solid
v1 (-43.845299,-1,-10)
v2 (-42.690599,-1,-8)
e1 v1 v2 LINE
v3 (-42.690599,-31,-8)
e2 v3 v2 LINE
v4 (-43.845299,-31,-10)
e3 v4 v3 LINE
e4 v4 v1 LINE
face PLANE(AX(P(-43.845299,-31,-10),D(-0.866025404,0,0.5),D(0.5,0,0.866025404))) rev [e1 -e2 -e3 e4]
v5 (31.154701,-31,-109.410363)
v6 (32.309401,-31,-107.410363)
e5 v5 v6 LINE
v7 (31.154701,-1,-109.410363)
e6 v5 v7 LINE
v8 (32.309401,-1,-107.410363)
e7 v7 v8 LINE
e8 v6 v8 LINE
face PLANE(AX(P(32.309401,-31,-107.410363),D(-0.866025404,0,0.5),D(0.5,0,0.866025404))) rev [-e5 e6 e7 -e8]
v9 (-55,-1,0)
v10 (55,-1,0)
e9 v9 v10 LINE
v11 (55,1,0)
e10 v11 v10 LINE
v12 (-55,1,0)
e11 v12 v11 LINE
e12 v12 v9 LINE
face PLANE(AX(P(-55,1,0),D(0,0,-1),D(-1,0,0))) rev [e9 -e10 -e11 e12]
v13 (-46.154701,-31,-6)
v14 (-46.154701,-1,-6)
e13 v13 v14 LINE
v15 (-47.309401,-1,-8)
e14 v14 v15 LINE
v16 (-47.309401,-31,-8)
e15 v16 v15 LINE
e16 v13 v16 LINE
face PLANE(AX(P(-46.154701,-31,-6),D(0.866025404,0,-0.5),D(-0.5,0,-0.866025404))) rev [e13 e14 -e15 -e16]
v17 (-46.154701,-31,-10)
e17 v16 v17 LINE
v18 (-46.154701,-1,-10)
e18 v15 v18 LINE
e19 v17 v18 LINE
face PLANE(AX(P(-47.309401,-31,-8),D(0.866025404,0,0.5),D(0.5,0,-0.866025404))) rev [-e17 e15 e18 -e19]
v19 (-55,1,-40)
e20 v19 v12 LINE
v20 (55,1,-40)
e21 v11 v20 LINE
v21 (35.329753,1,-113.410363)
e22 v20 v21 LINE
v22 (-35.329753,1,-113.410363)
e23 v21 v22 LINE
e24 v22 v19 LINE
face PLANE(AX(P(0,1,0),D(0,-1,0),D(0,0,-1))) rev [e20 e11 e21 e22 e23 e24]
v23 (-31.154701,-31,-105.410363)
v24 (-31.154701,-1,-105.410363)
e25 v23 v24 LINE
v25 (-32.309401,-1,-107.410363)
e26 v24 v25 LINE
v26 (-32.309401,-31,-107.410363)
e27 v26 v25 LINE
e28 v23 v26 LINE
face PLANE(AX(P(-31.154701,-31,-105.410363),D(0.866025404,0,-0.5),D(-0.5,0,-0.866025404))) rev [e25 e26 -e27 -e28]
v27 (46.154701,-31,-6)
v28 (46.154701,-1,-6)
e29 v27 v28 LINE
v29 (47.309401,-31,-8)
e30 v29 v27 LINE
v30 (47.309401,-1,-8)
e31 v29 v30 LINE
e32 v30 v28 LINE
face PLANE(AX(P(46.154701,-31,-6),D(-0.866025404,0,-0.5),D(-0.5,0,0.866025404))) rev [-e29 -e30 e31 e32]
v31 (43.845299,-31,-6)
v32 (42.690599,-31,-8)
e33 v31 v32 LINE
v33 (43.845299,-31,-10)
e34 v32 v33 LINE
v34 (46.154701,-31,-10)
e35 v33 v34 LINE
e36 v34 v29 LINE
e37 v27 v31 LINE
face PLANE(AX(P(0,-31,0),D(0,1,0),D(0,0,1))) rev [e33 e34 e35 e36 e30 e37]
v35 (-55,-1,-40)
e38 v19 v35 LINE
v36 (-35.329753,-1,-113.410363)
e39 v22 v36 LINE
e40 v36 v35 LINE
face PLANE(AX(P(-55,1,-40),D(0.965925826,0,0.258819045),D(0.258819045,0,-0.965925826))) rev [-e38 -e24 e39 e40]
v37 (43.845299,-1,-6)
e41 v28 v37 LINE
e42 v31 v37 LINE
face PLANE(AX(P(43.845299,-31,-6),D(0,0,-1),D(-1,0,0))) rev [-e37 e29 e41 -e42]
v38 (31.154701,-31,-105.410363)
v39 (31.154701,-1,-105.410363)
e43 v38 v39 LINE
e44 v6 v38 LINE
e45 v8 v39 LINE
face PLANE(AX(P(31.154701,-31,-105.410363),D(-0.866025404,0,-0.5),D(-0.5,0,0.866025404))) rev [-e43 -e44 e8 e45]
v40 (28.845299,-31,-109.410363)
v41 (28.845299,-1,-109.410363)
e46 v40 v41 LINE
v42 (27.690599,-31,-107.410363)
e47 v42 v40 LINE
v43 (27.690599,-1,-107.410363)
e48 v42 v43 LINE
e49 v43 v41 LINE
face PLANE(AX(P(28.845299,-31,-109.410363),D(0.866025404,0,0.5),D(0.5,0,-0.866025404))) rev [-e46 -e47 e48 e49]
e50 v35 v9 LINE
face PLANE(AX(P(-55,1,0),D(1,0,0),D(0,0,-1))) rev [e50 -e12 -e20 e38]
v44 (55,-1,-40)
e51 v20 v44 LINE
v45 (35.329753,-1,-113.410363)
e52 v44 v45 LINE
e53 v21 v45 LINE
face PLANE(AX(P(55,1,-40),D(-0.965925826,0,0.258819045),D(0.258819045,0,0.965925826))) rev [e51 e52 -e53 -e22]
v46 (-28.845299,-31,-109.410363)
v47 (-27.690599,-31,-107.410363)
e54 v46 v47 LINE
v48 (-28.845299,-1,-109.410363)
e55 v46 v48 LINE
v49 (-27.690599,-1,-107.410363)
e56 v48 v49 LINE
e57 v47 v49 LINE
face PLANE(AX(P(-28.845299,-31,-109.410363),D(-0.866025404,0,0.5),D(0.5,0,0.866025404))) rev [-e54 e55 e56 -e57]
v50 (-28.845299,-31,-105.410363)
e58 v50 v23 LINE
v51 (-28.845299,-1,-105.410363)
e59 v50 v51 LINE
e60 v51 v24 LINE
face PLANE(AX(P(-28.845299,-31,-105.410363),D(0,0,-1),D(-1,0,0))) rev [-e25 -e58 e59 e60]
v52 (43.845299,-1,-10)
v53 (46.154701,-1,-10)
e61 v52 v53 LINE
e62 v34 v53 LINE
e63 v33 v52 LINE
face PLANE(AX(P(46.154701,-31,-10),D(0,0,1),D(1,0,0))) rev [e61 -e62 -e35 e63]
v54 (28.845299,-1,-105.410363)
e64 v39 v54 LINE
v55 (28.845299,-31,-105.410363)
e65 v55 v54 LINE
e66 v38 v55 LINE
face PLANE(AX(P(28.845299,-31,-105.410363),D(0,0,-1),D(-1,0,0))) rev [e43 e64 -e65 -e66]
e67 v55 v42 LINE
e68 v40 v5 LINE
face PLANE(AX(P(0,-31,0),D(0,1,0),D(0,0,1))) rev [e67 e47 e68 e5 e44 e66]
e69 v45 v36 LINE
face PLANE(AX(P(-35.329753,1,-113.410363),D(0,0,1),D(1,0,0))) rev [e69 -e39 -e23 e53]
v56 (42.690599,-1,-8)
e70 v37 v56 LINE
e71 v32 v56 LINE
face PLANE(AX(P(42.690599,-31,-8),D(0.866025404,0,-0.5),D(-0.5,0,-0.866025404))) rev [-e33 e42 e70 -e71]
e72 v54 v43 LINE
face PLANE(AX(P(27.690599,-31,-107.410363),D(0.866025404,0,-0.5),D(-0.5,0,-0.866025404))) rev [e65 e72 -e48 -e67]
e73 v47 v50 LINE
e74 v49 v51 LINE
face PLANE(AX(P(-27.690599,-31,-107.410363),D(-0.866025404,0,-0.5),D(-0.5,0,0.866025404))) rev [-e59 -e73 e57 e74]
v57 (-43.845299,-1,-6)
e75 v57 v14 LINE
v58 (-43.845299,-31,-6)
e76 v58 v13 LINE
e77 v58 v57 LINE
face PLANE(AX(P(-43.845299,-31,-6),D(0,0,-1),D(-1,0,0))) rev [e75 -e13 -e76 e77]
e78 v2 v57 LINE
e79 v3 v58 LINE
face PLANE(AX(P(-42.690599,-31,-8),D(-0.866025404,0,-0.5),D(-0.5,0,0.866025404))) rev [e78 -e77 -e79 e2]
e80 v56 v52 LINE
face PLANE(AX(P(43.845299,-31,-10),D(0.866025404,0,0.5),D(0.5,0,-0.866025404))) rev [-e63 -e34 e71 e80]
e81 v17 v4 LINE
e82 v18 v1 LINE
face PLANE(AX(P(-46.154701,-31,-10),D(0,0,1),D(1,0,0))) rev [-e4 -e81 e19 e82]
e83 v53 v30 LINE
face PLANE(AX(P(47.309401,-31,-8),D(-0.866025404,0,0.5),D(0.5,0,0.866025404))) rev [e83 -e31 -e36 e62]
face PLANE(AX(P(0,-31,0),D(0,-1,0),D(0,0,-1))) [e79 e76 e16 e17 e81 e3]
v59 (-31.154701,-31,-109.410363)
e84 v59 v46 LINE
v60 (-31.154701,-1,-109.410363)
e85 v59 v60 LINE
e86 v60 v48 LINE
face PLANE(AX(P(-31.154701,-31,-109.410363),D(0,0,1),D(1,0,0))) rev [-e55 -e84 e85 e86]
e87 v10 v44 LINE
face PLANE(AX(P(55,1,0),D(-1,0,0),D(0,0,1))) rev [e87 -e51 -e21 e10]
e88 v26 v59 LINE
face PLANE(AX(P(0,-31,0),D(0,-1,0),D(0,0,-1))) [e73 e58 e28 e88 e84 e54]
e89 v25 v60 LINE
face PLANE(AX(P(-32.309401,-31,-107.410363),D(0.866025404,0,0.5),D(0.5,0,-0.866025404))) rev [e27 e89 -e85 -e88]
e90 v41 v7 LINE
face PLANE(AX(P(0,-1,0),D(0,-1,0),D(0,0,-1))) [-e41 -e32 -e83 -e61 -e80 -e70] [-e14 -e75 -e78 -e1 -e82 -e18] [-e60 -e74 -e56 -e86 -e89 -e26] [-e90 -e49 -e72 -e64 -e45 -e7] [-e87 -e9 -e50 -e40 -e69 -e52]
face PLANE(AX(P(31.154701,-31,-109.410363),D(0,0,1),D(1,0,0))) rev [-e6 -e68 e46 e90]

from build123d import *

# Parameters (mm, degrees)
EXTRUDE_1_DEPTH = 1
EXTRUDE_2_DEPTH = 30


with BuildPart() as part:
    # 草图1 → 凸台-拉伸1 (new, symmetric)
    with BuildSketch(Plane(origin=(0, 0, 0), x_dir=(1, 0, 0), z_dir=(0, 1, 0))):
        Polygon((-55, 0), (-55, 40), (-35.329752572, 113.410362798), (35.329752572, 113.410362798), (55, 40), (55, 0), align=None)
    extrude(amount=EXTRUDE_1_DEPTH, both=True)

    # 草图2 → 凸台-拉伸2 (add)
    with BuildSketch(Plane.XZ.offset(1)):
        Polygon((-42.690598923, -8), (-43.845299462, -6), (-46.154700538, -6), (-47.309401077, -8), (-46.154700538, -10), (-43.845299462, -10), align=None)
        Polygon((-27.690598923, -107.410362798), (-28.845299462, -105.410362798), (-31.154700538, -105.410362798), (-32.309401077, -107.410362798), (-31.154700538, -109.410362798), (-28.845299462, -109.410362798), align=None)
        Polygon((28.845299462, -109.410362798), (27.690598923, -107.410362798), (28.845299462, -105.410362798), (31.154700538, -105.410362798), (32.309401077, -107.410362798), (31.154700538, -109.410362798), align=None)
        Polygon((43.845299462, -10), (42.690598923, -8), (43.845299462, -6), (46.154700538, -6), (47.309401077, -8), (46.154700538, -10), align=None)
    extrude(amount=EXTRUDE_2_DEPTH)


solid = part.part
